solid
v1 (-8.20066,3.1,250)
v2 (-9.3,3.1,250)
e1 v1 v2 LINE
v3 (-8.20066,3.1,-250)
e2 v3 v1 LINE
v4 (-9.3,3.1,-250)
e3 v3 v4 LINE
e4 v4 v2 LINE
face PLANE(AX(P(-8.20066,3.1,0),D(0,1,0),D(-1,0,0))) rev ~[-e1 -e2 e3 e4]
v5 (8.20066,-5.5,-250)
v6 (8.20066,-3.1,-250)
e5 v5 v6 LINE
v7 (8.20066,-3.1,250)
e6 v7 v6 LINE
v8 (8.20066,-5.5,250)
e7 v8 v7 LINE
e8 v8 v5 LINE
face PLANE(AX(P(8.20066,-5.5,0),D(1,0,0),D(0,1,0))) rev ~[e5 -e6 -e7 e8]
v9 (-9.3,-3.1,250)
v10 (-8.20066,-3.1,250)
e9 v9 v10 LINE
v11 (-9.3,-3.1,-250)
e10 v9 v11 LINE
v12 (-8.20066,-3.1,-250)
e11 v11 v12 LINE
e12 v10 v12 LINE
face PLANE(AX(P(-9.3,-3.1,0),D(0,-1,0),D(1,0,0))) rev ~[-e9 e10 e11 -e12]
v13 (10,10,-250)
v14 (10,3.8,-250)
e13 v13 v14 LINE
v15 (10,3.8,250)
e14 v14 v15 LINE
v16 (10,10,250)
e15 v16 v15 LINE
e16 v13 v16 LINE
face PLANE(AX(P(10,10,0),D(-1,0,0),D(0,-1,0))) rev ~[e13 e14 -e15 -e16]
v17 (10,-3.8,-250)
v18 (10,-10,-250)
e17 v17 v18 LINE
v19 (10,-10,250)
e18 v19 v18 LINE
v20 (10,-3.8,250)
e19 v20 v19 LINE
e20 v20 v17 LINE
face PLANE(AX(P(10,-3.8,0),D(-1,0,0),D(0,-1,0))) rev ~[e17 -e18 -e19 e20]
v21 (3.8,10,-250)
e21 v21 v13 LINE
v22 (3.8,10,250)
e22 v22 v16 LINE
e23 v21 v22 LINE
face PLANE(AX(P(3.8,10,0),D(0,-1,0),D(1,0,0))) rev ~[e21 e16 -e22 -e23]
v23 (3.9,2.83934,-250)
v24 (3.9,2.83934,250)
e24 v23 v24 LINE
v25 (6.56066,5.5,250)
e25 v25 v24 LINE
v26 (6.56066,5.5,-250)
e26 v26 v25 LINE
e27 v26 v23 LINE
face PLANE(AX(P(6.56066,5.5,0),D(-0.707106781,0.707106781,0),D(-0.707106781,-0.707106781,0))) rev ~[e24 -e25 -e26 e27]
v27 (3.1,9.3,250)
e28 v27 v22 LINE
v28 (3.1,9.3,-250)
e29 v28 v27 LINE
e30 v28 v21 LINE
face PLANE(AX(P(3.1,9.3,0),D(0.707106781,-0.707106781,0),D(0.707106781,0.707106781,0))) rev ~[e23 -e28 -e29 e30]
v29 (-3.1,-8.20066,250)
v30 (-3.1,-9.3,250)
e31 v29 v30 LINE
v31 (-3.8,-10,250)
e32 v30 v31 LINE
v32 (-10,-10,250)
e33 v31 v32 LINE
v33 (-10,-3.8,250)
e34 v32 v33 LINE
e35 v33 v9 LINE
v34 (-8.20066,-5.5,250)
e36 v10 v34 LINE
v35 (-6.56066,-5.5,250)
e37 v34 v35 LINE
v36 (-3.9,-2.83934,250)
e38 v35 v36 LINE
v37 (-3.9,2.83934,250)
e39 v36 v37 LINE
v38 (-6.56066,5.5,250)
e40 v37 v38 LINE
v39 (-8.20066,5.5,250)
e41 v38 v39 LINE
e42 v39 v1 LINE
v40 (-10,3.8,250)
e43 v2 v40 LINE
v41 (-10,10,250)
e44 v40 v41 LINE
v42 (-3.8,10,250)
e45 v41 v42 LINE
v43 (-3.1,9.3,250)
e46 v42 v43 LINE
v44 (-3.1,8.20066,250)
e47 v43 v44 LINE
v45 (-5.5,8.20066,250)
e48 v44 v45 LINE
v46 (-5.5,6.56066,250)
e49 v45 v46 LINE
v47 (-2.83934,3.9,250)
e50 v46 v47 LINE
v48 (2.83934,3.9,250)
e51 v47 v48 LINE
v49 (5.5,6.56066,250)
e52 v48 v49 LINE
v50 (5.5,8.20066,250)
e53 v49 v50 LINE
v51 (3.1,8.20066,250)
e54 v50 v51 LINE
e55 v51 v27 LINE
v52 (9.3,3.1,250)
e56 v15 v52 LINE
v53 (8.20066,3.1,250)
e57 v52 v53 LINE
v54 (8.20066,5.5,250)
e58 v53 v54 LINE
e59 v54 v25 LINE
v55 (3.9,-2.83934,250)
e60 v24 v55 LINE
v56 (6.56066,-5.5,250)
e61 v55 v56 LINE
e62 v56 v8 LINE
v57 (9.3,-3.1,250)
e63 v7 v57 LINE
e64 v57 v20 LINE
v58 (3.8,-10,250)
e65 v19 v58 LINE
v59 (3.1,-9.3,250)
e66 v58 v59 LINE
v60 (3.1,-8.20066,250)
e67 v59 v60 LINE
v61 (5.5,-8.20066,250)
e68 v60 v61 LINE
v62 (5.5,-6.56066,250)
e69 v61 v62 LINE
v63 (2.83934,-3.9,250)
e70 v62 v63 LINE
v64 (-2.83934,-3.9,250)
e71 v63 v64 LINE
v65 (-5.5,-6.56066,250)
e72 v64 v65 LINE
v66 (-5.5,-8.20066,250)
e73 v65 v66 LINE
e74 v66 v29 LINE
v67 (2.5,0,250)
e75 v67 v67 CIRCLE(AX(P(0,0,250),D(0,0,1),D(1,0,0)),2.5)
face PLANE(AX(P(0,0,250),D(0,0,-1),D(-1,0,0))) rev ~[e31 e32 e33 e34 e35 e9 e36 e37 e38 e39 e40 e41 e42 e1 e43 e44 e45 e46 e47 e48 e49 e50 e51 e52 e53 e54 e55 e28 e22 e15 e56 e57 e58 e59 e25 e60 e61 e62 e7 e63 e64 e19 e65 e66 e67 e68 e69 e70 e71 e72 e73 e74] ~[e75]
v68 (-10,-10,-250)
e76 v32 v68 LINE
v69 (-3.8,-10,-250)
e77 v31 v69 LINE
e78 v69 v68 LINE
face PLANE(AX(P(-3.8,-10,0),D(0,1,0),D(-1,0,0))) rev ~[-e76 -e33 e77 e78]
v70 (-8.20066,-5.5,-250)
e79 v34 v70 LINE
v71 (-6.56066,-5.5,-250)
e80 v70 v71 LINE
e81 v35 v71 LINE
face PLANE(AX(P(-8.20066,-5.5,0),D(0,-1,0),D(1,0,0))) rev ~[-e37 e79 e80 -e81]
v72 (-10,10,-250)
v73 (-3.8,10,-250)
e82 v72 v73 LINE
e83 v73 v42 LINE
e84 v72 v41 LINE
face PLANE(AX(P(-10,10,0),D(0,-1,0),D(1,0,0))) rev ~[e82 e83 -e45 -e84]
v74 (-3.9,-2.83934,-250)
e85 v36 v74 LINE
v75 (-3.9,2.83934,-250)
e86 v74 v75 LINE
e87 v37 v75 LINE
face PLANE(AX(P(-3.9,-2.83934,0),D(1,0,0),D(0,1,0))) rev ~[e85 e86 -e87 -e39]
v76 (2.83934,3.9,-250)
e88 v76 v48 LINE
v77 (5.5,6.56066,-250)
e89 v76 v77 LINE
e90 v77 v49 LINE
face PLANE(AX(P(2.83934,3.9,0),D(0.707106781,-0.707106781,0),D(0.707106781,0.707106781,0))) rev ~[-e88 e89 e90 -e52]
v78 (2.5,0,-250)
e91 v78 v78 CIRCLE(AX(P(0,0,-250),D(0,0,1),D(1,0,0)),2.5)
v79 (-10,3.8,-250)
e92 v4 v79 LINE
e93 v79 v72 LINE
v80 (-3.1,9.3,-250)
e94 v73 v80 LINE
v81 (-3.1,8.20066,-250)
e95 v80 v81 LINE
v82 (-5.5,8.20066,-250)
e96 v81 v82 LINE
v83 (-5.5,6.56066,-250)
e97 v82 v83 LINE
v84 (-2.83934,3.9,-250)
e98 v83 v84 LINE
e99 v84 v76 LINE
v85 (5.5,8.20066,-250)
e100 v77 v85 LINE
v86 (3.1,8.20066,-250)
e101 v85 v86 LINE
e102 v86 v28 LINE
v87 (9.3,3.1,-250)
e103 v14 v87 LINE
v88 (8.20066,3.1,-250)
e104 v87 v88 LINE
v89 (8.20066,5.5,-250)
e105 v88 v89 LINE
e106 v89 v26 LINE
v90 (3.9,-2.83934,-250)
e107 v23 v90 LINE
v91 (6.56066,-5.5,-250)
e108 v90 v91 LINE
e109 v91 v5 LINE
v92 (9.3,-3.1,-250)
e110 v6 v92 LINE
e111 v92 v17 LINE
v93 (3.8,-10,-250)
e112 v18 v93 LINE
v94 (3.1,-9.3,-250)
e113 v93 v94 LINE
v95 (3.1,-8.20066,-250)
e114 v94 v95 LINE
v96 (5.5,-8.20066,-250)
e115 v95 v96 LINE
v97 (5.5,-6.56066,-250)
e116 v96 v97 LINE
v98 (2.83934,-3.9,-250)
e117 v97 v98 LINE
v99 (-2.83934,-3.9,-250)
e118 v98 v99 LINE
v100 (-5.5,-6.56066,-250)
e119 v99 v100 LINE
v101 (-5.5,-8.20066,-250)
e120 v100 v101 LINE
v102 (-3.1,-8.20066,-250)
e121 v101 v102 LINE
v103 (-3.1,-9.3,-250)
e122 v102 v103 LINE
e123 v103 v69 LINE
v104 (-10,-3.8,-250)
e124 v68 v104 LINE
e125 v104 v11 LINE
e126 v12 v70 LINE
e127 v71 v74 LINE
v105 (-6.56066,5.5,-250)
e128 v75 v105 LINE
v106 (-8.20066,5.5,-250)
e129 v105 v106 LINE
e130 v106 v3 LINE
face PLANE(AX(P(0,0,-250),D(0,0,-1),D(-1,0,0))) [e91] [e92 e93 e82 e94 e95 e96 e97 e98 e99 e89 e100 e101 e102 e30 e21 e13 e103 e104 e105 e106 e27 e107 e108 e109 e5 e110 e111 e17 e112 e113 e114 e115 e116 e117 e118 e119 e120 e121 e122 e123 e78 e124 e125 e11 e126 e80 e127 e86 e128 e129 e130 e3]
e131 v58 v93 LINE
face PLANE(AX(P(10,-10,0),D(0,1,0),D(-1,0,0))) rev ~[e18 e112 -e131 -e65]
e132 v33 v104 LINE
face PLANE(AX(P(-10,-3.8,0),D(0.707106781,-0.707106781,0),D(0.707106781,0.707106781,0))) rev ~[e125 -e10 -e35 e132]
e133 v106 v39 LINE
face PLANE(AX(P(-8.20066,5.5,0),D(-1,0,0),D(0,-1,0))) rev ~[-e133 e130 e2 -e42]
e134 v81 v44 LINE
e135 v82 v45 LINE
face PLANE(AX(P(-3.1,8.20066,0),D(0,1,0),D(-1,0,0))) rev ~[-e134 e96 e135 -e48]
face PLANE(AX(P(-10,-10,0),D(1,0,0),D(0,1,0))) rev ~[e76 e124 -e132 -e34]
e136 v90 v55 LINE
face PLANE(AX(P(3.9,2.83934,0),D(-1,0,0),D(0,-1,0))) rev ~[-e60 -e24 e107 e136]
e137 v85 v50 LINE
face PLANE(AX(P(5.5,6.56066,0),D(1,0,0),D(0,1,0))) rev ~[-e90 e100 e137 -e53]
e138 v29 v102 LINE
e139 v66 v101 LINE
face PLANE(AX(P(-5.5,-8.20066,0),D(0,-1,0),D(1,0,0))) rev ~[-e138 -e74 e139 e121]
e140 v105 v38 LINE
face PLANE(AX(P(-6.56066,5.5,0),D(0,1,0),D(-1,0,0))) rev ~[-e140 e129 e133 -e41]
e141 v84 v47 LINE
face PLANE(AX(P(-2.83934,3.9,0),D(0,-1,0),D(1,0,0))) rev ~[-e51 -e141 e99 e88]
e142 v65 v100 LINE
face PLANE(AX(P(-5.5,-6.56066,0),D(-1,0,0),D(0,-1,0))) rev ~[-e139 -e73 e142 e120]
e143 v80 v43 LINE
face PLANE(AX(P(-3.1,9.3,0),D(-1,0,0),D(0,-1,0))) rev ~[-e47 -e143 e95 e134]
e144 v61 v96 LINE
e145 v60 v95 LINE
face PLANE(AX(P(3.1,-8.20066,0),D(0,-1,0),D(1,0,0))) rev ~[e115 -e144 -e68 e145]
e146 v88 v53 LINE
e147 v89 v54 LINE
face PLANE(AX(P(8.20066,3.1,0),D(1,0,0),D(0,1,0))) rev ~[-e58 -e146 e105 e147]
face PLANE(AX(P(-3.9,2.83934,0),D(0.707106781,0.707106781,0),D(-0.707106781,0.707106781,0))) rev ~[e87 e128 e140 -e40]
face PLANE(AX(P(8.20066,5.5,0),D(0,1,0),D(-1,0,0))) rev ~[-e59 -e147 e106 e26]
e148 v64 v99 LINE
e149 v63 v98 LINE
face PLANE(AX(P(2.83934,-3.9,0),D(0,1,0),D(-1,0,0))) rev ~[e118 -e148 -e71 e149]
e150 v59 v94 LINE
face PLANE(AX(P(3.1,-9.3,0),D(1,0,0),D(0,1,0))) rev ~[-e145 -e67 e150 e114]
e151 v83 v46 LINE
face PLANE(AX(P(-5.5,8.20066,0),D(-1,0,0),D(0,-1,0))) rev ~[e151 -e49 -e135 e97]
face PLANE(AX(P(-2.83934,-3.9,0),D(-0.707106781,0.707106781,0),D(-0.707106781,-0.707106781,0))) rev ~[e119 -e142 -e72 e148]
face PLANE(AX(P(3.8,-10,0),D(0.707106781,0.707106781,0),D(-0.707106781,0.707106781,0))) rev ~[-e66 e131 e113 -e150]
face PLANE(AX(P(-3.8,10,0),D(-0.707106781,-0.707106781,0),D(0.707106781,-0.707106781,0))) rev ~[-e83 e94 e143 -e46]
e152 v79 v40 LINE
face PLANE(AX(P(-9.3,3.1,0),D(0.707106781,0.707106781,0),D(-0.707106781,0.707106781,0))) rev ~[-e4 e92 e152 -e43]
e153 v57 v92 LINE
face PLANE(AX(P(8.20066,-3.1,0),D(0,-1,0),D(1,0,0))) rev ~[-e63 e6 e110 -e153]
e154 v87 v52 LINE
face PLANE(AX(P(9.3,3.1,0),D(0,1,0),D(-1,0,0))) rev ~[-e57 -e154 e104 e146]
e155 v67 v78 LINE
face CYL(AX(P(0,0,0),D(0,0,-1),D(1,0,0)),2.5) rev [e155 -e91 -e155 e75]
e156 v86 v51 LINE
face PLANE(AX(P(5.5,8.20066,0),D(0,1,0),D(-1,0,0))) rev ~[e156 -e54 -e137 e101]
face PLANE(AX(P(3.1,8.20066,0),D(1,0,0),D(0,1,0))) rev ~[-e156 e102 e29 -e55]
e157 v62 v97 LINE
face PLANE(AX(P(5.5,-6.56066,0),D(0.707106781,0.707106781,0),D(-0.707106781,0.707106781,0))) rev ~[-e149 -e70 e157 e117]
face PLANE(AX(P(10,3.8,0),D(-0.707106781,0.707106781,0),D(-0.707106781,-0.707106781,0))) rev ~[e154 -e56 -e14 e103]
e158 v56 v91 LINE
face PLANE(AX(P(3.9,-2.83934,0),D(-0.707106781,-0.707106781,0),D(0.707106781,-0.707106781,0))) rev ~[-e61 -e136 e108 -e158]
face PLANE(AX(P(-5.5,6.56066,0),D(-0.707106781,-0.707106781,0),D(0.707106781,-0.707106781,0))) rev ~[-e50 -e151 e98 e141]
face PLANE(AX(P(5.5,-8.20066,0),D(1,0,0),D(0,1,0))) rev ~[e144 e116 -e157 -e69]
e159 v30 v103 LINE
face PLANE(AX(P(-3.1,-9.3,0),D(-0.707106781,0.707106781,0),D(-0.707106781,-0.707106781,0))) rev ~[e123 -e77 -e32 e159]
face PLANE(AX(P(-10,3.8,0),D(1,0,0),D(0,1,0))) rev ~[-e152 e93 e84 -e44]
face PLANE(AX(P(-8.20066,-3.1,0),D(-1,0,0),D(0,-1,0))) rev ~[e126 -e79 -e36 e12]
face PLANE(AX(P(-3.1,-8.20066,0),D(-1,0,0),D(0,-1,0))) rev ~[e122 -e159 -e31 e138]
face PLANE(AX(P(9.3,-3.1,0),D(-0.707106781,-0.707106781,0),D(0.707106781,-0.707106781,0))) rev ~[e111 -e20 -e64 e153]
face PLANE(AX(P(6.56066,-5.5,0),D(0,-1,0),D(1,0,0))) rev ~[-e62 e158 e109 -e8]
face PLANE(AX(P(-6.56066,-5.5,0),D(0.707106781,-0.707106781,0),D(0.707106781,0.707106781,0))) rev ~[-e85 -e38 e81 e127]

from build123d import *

# Parameters (mm, degrees)
SKETCH1_R           = 2.5
BOSS_EXTRUDE1_DEPTH = 250


with BuildPart() as part:
    # Sketch1 → Boss-Extrude1 (new, symmetric)
    with BuildSketch(Plane.XY):
        Polygon((3.9, -2.839339828), (6.560660172, -5.5), (8.200660172, -5.5), (8.200660172, -3.1), (9.3, -3.1), (10, -3.8), (10, -10), (3.8, -10), (3.1, -9.3), (3.1, -8.200660172), (5.5, -8.200660172), (5.5, -6.560660172), (2.839339828, -3.9), (-2.839339828, -3.9), (-5.5, -6.560660172), (-5.5, -8.200660172), (-3.1, -8.200660172), (-3.1, -9.3), (-3.8, -10), (-10, -10), (-10, -3.8), (-9.3, -3.1), (-8.200660172, -3.1), (-8.200660172, -5.5), (-6.560660172, -5.5), (-3.9, -2.839339828), (-3.9, 2.839339828), (-6.560660172, 5.5), (-8.200660172, 5.5), (-8.200660172, 3.1), (-9.3, 3.1), (-10, 3.8), (-10, 10), (-3.8, 10), (-3.1, 9.3), (-3.1, 8.200660172), (-5.5, 8.200660172), (-5.5, 6.560660172), (-2.839339828, 3.9), (2.839339828, 3.9), (5.5, 6.560660172), (5.5, 8.200660172), (3.1, 8.200660172), (3.1, 9.3), (3.8, 10), (10, 10), (10, 3.8), (9.3, 3.1), (8.200660172, 3.1), (8.200660172, 5.5), (6.560660172, 5.5), (3.9, 2.839339828), align=None)
        Circle(SKETCH1_R, mode=Mode.SUBTRACT)
    extrude(amount=BOSS_EXTRUDE1_DEPTH, both=True)


solid = part.part
